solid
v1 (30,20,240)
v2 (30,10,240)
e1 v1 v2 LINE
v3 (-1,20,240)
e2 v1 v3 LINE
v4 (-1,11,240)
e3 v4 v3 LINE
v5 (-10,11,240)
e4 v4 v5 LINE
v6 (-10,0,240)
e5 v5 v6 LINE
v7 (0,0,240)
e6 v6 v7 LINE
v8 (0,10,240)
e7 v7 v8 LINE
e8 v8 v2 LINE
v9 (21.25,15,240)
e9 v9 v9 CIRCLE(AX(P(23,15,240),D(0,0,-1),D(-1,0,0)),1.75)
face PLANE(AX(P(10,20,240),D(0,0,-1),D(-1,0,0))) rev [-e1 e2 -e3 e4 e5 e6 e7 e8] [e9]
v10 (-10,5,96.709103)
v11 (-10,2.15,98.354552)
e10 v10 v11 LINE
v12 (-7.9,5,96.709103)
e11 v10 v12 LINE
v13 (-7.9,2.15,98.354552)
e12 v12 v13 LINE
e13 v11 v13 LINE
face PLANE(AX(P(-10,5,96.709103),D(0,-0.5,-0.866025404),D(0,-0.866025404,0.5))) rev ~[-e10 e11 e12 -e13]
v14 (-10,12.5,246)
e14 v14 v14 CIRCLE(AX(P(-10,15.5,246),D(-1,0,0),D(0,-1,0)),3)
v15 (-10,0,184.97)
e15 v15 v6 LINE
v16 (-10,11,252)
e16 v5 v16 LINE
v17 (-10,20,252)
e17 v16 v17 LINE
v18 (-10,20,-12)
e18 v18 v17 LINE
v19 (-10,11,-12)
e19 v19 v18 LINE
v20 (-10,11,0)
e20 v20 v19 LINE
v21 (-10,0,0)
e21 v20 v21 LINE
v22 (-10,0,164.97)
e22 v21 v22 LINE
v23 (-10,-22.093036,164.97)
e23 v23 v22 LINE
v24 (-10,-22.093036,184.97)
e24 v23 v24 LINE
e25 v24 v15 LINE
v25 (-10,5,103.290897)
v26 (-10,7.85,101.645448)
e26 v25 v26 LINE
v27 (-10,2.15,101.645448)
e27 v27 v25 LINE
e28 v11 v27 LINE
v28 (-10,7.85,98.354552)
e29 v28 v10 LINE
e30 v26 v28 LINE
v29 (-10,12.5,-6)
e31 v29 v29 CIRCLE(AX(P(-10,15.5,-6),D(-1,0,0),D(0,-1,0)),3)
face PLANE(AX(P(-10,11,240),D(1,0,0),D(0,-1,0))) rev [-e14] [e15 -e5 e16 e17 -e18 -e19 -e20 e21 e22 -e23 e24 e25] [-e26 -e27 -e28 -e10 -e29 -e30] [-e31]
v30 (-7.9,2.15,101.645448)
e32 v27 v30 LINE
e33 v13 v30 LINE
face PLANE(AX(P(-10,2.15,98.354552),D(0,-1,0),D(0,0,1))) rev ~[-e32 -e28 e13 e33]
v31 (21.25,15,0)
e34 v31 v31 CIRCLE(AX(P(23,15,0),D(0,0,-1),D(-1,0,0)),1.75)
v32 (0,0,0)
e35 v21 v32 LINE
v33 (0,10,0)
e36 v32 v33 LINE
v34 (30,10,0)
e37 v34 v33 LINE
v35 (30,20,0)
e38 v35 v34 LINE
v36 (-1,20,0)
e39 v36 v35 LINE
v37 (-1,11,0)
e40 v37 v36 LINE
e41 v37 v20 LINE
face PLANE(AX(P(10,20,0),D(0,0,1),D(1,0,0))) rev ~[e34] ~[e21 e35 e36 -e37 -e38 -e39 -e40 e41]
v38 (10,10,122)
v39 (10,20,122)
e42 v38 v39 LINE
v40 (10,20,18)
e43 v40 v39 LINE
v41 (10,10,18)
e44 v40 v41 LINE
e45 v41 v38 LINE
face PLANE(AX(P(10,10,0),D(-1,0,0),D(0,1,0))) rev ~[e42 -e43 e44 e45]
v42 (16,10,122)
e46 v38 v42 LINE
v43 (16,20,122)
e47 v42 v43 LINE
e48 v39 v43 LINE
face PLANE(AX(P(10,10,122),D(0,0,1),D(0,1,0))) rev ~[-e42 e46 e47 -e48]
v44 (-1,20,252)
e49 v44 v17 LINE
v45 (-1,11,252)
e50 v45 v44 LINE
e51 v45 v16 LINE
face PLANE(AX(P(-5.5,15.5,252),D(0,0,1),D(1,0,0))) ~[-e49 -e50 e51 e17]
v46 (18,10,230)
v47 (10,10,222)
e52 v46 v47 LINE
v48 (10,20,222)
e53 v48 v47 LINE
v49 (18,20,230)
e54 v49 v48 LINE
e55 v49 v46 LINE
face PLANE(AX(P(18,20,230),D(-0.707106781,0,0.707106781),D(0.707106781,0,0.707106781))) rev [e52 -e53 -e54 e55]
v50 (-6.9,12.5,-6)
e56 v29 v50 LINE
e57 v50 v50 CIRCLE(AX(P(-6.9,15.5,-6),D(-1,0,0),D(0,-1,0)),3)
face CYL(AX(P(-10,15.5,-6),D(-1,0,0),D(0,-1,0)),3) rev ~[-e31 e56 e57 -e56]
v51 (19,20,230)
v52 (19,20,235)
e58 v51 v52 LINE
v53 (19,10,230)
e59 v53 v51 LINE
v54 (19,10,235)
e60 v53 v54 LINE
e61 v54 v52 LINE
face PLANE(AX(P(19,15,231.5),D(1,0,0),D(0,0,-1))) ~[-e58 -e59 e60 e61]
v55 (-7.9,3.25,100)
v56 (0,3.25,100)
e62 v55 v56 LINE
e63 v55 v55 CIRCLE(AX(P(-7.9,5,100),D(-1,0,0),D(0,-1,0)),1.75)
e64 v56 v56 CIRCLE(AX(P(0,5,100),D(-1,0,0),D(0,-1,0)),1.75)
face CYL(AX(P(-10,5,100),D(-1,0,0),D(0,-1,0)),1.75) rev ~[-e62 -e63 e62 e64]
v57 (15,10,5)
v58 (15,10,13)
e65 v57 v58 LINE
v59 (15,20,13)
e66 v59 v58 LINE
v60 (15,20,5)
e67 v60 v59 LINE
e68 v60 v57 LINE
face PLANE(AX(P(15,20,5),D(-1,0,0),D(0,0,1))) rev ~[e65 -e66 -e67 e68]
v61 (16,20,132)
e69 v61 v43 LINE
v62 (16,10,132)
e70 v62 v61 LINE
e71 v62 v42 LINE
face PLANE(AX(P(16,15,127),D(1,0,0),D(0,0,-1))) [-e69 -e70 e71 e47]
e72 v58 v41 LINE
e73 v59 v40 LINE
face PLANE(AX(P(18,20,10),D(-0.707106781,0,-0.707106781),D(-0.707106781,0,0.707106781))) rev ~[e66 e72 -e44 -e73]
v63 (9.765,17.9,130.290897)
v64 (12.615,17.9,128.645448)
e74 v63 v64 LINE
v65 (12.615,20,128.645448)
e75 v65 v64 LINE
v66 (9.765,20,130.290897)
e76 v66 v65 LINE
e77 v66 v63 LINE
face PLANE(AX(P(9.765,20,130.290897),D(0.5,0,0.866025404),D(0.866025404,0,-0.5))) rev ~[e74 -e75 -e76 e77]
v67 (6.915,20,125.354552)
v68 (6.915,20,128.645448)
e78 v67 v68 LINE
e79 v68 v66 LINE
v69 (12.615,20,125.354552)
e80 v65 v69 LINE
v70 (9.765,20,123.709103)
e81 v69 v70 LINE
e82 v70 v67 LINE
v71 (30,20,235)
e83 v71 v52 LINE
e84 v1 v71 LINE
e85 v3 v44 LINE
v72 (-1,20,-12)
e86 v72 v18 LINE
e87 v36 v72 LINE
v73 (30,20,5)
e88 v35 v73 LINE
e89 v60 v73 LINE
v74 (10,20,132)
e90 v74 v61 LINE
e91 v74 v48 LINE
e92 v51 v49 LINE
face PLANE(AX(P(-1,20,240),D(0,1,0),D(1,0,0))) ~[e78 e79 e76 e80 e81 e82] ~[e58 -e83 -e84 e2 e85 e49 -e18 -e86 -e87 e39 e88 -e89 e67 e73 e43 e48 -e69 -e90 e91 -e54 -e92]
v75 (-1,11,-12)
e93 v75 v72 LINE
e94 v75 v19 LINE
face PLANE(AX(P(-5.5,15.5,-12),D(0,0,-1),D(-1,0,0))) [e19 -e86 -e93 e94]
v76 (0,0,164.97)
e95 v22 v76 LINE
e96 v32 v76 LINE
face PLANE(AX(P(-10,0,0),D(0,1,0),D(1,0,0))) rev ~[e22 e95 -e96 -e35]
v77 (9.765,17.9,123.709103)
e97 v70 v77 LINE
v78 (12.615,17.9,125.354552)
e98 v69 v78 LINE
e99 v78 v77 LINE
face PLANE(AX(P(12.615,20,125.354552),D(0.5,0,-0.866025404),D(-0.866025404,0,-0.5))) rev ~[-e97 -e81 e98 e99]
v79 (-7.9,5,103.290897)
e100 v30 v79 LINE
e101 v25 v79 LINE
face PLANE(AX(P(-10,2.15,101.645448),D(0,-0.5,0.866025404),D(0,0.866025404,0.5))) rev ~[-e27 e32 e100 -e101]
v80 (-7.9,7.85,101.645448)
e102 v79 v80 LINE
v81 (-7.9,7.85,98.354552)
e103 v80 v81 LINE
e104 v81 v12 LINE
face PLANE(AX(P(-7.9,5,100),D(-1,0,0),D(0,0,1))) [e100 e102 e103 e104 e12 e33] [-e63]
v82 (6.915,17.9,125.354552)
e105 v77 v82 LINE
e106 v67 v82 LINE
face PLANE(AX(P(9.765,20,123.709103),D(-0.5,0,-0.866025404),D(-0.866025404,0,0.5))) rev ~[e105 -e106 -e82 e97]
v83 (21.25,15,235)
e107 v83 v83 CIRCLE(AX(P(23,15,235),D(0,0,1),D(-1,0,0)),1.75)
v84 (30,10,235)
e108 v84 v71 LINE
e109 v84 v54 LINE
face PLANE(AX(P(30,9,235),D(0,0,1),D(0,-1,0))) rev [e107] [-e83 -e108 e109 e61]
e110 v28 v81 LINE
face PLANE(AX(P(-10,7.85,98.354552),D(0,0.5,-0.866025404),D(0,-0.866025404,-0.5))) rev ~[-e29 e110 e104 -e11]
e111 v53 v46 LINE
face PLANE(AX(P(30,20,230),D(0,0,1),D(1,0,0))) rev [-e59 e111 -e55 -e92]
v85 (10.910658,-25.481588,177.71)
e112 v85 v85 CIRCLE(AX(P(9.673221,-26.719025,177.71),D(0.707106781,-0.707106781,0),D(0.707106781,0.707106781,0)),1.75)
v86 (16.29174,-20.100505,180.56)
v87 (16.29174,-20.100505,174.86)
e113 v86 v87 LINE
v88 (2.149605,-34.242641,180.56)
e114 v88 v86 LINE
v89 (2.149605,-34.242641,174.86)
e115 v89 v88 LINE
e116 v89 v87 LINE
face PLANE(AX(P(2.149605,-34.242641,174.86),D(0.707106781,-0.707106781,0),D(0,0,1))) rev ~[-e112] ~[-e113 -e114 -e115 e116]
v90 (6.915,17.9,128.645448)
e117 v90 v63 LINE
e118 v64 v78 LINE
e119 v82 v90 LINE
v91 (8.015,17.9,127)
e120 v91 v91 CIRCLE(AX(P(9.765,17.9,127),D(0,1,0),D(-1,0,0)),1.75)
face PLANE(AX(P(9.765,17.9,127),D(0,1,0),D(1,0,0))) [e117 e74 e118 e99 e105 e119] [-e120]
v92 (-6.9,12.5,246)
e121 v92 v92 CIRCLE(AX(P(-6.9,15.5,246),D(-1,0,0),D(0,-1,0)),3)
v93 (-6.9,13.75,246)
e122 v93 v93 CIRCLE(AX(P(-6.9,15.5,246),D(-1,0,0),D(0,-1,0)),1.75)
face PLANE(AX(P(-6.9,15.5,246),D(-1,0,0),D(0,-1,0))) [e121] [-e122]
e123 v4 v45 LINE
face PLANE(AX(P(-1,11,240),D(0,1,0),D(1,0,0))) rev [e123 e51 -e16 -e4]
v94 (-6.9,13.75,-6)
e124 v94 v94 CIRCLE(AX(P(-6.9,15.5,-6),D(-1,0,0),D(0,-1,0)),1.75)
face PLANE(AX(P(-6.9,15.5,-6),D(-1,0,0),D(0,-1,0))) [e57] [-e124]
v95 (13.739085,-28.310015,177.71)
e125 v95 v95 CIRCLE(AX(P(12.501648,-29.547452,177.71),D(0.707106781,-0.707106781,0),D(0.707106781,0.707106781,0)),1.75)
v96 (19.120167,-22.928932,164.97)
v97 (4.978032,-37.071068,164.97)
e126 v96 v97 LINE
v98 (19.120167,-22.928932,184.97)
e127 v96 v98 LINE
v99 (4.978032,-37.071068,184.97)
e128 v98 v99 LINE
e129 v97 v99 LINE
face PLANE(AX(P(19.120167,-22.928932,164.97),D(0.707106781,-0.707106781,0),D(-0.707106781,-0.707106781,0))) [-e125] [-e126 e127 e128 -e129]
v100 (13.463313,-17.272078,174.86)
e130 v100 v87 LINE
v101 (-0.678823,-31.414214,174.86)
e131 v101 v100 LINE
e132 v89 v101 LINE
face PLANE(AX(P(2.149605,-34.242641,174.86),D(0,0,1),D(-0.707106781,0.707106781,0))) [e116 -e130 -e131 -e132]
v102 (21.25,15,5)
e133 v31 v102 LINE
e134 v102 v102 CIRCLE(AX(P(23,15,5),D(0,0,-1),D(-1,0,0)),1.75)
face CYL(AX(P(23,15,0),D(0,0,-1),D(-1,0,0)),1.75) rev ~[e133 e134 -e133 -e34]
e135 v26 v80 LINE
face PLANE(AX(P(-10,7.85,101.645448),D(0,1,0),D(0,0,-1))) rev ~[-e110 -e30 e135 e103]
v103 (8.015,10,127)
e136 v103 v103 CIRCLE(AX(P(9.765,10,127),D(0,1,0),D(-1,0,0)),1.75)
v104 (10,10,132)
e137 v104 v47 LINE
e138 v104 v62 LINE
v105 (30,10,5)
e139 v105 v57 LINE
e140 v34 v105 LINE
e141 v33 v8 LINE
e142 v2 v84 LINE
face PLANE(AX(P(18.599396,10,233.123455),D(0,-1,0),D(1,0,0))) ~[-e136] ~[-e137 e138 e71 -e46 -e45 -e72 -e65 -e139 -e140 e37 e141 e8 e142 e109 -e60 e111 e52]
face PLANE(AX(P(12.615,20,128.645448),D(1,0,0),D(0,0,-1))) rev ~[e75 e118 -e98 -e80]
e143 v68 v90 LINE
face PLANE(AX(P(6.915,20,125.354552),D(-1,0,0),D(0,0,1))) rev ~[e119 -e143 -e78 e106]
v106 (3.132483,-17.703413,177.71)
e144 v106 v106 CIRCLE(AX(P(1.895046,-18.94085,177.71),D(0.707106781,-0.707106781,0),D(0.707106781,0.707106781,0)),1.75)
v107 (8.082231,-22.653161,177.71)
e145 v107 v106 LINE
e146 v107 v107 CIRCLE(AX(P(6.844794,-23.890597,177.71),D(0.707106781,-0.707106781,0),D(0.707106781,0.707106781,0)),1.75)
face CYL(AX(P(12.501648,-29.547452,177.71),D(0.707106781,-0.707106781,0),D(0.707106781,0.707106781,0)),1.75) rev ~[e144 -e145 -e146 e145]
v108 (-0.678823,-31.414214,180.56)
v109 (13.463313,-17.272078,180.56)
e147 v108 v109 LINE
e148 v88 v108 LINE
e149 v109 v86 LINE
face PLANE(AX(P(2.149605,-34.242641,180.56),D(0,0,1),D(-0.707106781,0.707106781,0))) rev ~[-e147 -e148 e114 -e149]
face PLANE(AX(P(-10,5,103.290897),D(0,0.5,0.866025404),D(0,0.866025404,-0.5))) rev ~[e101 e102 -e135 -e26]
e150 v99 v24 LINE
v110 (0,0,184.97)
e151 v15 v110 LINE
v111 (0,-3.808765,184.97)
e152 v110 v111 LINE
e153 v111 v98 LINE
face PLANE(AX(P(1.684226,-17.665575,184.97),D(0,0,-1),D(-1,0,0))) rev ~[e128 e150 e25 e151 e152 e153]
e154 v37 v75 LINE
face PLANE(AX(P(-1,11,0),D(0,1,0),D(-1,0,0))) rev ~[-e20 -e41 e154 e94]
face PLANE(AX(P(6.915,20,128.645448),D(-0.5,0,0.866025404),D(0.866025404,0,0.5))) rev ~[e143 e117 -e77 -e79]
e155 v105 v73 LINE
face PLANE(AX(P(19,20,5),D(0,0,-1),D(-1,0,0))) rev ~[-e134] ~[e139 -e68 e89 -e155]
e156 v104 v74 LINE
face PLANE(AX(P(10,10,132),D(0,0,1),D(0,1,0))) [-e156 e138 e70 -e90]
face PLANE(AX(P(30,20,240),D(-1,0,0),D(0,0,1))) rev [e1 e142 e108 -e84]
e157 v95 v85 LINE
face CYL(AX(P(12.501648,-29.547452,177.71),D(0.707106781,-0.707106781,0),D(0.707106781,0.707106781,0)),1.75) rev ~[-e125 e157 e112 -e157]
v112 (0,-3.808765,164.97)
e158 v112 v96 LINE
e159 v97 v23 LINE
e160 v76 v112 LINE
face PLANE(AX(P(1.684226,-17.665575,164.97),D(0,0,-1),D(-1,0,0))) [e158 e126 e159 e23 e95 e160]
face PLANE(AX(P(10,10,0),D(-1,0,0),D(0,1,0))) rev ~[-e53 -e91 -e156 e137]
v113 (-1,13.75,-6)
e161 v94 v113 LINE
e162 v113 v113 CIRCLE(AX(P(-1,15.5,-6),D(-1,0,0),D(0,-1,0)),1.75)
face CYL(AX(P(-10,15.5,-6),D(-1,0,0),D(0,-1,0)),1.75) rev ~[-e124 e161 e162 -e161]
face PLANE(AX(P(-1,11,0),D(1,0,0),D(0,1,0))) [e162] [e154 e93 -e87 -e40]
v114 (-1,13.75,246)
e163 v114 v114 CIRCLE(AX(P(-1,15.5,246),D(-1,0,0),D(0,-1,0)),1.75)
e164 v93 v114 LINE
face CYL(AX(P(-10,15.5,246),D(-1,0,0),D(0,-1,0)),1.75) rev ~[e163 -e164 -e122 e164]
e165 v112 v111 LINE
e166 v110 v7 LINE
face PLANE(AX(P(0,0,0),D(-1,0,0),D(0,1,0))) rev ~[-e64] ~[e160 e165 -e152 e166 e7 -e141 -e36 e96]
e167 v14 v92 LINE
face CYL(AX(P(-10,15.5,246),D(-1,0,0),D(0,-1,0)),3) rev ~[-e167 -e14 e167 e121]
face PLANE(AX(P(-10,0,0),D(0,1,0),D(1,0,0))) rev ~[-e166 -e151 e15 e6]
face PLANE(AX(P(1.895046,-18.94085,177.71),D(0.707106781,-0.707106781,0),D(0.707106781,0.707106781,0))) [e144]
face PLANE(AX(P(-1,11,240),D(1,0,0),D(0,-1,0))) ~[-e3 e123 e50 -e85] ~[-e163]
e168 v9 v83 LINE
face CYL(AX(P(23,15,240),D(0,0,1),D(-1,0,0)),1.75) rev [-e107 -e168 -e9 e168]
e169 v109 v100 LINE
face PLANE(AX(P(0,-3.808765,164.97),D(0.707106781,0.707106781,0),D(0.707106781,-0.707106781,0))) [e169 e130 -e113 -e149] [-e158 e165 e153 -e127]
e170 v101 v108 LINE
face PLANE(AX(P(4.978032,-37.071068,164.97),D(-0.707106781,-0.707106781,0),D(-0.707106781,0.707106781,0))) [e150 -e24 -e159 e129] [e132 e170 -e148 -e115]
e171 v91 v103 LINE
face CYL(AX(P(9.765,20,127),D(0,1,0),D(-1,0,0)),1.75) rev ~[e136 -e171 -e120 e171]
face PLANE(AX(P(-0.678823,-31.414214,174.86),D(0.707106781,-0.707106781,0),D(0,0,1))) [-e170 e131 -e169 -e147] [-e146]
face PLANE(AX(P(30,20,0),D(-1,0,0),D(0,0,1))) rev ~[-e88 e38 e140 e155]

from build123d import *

# Parameters (mm, degrees)
BOSS_EXTRUDE1_DEPTH      = 240
BOSS_EXTRUDE3_DEPTH      = 10
SKETCH5_R                = 1.75
CUT_EXTRUDE1_DEPTH       = 243.69322199
SKETCH6_W                = 7
SKETCH6_H                = 12
CUT_EXTRUDE2_DEPTH       = 11
BOSS_EXTRUDE5_DEPTH      = 10
BOSS_EXTRUDE5_DEPTH_BACK = 10
SKETCH12_W               = 10
SKETCH12_H               = 10
BOSS_EXTRUDE6_DEPTH      = 6
SKETCH11_R               = 1.75
CUT_EXTRUDE6_DEPTH       = 20
SKETCH13_W               = 9
SKETCH13_H               = 9
BOSS_EXTRUDE7_DEPTH      = 12
SKETCH16_R               = 1.75
CUT_EXTRUDE10_DEPTH      = 9
CUT_EXTRUDE11_DEPTH      = 2.1
SKETCH18_R               = 3
CUT_EXTRUDE12_DEPTH      = 3.1
SKETCH19_R               = 1.75
CUT_EXTRUDE13_DEPTH      = 10
CUT_EXTRUDE14_DEPTH      = 2.1
SKETCH21_R               = 1.75
CUT_EXTRUDE15_DEPTH      = 15
SKETCH22_W               = 5.7
SKETCH22_H               = 4
CUT_EXTRUDE16_DEPTH      = 259.696024874
CUT_EXTRUDE17_DEPTH      = 10


with BuildPart() as part:
    # Sketch1 → Boss-Extrude1 (new body)
    with BuildSketch(Plane.XY):
        Polygon((-10, 0), (0, 0), (0, 10), (10, 10), (10, 20), (-10, 20), align=None)
    extrude(amount=BOSS_EXTRUDE1_DEPTH)

    # Sketch4 → Boss-Extrude3 (add)
    with BuildSketch(Plane(origin=(0, 20, 0), x_dir=(1, 0, 0), z_dir=(0, 1, 0))):
        Polygon((10, 0), (30, 0), (30, -10), (18, -10), (10, -18), align=None)
    boss_extrude3 = extrude(amount=-BOSS_EXTRUDE3_DEPTH)

    # Sketch5 → Cut-Extrude1 (cut, through all)
    with BuildSketch(Plane(origin=(0, 0, 0), x_dir=(-1, 0, 0), z_dir=(0, 0, -1))):
        with Locations((-23, 15)):
            Circle(SKETCH5_R)
    cut_extrude1 = extrude(amount=-CUT_EXTRUDE1_DEPTH, mode=Mode.SUBTRACT)

    # Sketch6 → Cut-Extrude2 (cut)
    with BuildSketch(Plane(origin=(30, 0, 0), x_dir=(0, 0, -1), z_dir=(1, 0, 0))):
        with Locations((-8.5, 15)):
            Rectangle(SKETCH6_W, SKETCH6_H)
    cut_extrude2 = extrude(amount=-CUT_EXTRUDE2_DEPTH, mode=Mode.SUBTRACT)

    # Mirror1: Boss-Extrude3, Cut-Extrude1, Cut-Extrude2 across plane
    add(boss_extrude3.mirror(Plane(origin=(0, 0, 120), x_dir=(1, 0, 0), z_dir=(0, 0, -1))))
    add(cut_extrude1.mirror(Plane(origin=(0, 0, 120), x_dir=(1, 0, 0), z_dir=(0, 0, -1))), mode=Mode.SUBTRACT)
    add(cut_extrude2.mirror(Plane(origin=(0, 0, 120), x_dir=(1, 0, 0), z_dir=(0, 0, -1))), mode=Mode.SUBTRACT)

    # Sketch7 → Boss-Extrude5 (add, two sides: drawn at the far end of the back side and taken through both)
    with BuildSketch(Plane.XY.offset(174.97).offset(-BOSS_EXTRUDE5_DEPTH_BACK)):
        Polygon((0, 0), (0, -3.808764825), (19.120167363, -22.928932188), (4.97803174, -37.071067812), (-10, -22.093036072), (-10, 0), align=None)
    extrude(amount=BOSS_EXTRUDE5_DEPTH + BOSS_EXTRUDE5_DEPTH_BACK)

    # Sketch12 → Boss-Extrude6 (add)
    with BuildSketch(Plane(origin=(10, 0, 0), x_dir=(0, 0, -1), z_dir=(1, 0, 0))):
        with Locations((-127, 15)):
            Rectangle(SKETCH12_W, SKETCH12_H)
    extrude(amount=BOSS_EXTRUDE6_DEPTH)

    # Sketch11 → Cut-Extrude6 (cut)
    with BuildSketch(Plane(origin=(0, 20, 0), x_dir=(1, 0, 0), z_dir=(0, 1, 0))):
        with Locations(Location((9.765, -127, 0), (0, 0, 180))):
            Circle(SKETCH11_R)
    extrude(amount=-CUT_EXTRUDE6_DEPTH, mode=Mode.SUBTRACT)

    # Sketch13 → Boss-Extrude7 (add)
    with BuildSketch(Plane(origin=(0, 0, 0), x_dir=(-1, 0, 0), z_dir=(0, 0, -1))):
        with Locations((5.5, 15.5)):
            Rectangle(SKETCH13_W, SKETCH13_H)
    boss_extrude7 = extrude(amount=BOSS_EXTRUDE7_DEPTH)

    # Mirror2: Boss-Extrude7 across plane
    add(boss_extrude7.mirror(Plane.XY.offset(120)))

    # Sketch16 → Cut-Extrude10 (cut)
    with BuildSketch(Plane.ZY.offset(10)):
        with Locations(Location((-6, 15.5, 0), (0, 0, 270))):
            Circle(SKETCH16_R)
        with Locations(Location((246, 15.5, 0), (0, 0, 270))):
            Circle(SKETCH16_R)
    extrude(amount=-CUT_EXTRUDE10_DEPTH, mode=Mode.SUBTRACT)

    # Sketch17 → Cut-Extrude11 (cut)
    with BuildSketch(Plane(origin=(0, 20, 0), x_dir=(1, 0, 0), z_dir=(0, 1, 0))):
        Polygon((12.615, -128.645448267), (12.615, -125.354551733), (9.765, -123.709103466), (6.915, -125.354551733), (6.915, -128.645448267), (9.765, -130.290896534), align=None)
    extrude(amount=-CUT_EXTRUDE11_DEPTH, mode=Mode.SUBTRACT)

    # Sketch18 → Cut-Extrude12 (cut)
    with BuildSketch(Plane.ZY.offset(10)):
        with Locations(Location((246, 15.5, 0), (0, 0, 270))):
            Circle(SKETCH18_R)
        with Locations(Location((-6, 15.5, 0), (0, 0, 270))):
            Circle(SKETCH18_R)
    extrude(amount=-CUT_EXTRUDE12_DEPTH, mode=Mode.SUBTRACT)

    # Sketch19 → Cut-Extrude13 (cut)
    with BuildSketch(Plane.ZY.offset(10)):
        with Locations(Location((100, 5, 0), (0, 0, 270))):
            Circle(SKETCH19_R)
    extrude(amount=-CUT_EXTRUDE13_DEPTH, mode=Mode.SUBTRACT)

    # Sketch20 → Cut-Extrude14 (cut)
    with BuildSketch(Plane.ZY.offset(10)):
        Polygon((101.645448267, 2.15), (103.290896534, 5), (101.645448267, 7.85), (98.354551733, 7.85), (96.709103466, 5), (98.354551733, 2.15), align=None)
    extrude(amount=-CUT_EXTRUDE14_DEPTH, mode=Mode.SUBTRACT)

    # Sketch21 → Cut-Extrude15 (cut)
    with BuildSketch(Plane(origin=(21.024549776, -21.024549776, 0), x_dir=(0, 0, -1), z_dir=(0.7071067811865436, -0.7071067811865515, 0))):
        with Locations(Location((-177.71, -12.053203436, 0), (0, 0, 90))):
            Circle(SKETCH21_R)
    extrude(amount=-CUT_EXTRUDE15_DEPTH, mode=Mode.SUBTRACT)

    # Sketch22 → Cut-Extrude16 (cut, through all)
    with BuildSketch(Plane(origin=(-16.046518036, -16.046518036, 0), x_dir=(0, 0, 1), z_dir=(-0.7071067811865517, -0.7071067811865435, 0))):
        with Locations((177.71, -23.733203436)):
            Rectangle(SKETCH22_W, SKETCH22_H)
    extrude(amount=-CUT_EXTRUDE16_DEPTH, mode=Mode.SUBTRACT)

    # Sketch23 → Cut-Extrude17 (cut)
    with BuildSketch(Plane(origin=(0, 20, 0), x_dir=(1, 0, 0), z_dir=(0, 1, 0))):
        Polygon((19, -10), (19, -5), (15, -5), (15, -13), (18, -10), align=None)
    extrude(amount=-CUT_EXTRUDE17_DEPTH, mode=Mode.SUBTRACT)


solid = part.part
